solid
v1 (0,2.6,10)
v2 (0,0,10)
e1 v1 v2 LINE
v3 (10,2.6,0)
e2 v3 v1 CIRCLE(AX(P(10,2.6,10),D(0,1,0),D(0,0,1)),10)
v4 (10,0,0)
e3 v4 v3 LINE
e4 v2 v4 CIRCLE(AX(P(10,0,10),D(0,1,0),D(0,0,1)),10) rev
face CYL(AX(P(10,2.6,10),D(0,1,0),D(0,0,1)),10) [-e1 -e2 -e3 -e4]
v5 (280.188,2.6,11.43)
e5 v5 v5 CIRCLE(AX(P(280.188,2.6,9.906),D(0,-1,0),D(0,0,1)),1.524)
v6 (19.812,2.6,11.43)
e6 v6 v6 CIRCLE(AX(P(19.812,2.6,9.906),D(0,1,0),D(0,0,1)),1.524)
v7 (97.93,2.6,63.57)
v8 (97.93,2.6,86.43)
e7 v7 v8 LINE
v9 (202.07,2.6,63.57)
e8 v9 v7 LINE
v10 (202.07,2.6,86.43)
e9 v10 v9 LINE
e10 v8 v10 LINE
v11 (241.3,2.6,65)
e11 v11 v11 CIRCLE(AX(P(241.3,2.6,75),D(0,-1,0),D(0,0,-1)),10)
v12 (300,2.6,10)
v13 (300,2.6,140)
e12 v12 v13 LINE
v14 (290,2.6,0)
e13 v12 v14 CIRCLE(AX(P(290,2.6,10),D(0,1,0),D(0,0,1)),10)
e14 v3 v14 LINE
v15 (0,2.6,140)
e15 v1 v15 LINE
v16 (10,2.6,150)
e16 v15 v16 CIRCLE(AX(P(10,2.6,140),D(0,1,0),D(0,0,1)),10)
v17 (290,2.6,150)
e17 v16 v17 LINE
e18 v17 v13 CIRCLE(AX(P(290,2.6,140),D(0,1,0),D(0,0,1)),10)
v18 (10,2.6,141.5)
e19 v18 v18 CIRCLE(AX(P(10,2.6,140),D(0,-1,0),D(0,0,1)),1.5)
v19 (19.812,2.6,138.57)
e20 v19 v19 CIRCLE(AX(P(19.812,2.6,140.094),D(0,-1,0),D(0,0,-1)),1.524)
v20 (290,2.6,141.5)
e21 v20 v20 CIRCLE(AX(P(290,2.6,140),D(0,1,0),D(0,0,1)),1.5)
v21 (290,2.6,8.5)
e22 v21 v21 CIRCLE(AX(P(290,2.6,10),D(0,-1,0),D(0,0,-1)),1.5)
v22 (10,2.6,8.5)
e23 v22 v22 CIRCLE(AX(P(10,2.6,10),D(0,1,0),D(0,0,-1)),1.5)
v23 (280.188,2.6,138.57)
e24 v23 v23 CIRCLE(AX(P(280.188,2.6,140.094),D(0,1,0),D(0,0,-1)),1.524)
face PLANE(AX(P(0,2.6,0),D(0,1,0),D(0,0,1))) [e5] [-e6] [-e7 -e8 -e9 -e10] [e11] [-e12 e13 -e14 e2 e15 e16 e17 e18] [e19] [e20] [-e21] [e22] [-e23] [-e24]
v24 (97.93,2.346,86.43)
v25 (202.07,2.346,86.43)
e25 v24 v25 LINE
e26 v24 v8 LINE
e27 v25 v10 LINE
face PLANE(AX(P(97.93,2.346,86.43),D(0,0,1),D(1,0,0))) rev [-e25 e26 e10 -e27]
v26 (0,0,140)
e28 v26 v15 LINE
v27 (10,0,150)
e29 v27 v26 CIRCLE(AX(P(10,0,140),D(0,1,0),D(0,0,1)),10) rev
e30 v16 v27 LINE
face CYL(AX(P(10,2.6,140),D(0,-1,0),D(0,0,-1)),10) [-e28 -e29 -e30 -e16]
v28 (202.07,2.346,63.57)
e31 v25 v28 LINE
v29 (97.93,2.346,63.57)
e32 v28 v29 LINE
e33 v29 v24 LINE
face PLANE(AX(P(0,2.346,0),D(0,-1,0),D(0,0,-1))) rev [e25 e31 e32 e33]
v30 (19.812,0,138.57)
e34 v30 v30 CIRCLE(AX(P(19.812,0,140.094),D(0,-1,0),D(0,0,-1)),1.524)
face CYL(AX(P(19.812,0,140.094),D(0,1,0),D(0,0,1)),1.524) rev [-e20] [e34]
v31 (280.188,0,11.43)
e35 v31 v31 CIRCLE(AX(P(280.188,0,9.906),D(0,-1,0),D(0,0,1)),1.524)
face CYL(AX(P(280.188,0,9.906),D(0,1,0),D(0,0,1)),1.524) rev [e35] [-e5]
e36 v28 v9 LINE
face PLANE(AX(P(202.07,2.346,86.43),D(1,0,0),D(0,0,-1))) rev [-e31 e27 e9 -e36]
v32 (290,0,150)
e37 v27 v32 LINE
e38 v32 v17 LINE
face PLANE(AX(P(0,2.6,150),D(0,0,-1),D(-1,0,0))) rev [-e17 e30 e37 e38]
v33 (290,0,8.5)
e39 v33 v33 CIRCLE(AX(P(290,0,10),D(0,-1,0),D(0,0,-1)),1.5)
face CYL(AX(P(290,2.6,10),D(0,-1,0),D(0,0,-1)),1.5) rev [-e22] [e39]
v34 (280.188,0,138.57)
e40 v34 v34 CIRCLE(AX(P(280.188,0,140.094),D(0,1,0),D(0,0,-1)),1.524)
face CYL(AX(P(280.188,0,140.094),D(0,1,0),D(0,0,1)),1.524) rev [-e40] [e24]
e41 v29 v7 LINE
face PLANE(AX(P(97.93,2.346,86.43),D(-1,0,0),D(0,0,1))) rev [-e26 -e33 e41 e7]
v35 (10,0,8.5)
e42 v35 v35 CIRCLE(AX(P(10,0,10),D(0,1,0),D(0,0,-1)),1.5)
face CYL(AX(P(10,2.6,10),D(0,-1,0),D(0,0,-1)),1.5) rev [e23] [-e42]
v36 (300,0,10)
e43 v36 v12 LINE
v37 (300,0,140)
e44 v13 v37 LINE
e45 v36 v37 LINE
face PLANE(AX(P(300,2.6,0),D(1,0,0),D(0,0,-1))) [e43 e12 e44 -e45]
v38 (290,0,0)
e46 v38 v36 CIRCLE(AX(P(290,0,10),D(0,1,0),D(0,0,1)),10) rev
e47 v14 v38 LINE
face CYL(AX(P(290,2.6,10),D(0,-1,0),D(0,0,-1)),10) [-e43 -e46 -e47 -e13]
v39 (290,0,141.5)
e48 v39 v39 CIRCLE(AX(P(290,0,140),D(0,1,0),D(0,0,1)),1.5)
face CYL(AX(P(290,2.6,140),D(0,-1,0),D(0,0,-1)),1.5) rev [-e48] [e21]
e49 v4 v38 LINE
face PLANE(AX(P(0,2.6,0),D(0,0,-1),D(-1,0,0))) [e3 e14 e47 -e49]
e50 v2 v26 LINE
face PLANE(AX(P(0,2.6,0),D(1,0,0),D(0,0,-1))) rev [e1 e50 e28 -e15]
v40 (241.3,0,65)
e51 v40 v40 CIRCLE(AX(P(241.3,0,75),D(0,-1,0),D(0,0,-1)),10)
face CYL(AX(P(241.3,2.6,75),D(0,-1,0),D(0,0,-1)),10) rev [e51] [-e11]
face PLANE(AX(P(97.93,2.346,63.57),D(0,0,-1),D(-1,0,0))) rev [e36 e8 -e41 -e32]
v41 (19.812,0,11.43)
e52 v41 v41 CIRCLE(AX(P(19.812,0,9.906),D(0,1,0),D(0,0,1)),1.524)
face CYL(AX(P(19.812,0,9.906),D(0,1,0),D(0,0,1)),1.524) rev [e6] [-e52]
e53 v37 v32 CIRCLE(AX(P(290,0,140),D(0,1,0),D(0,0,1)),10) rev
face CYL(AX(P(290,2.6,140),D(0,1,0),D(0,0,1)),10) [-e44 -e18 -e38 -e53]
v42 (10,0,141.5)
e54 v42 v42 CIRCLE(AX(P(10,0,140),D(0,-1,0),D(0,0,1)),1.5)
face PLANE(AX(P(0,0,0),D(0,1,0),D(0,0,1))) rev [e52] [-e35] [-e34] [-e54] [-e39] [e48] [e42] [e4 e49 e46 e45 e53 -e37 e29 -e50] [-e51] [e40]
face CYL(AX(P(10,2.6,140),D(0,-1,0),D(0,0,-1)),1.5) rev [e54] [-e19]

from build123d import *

# Parameters (mm, degrees)
SKETCH1_W               = 300
SKETCH1_H               = 150
BOSS_EXTRUDE1_DEPTH     = 2.6
FILLET1_R               = 10
SKETCH6_R               = 1.5
CUT_EXTRUDE6_DEPTH      = 2.6
MIRROR6_COPY_1_SKETCH_R = 1.5
MIRROR6_COPY_1_DEPTH    = 2.6
SKETCH23_R              = 1.524
CUT_EXTRUDE16_DEPTH     = 2.59999988
MIRROR8_COPY_1_SKETCH_R = 1.524
MIRROR8_COPY_1_DEPTH    = 2.59999988
SKETCH15_R              = 10
CUT_EXTRUDE19_DEPTH     = 336.420273687
SKETCH25_W              = 104.14
SKETCH25_H              = 22.86
CUT_EXTRUDE20_DEPTH     = 0.254


with BuildPart() as part:
    # Sketch1 → Boss-Extrude1 (new body)
    with BuildSketch(Plane(origin=(0, 0, 0), x_dir=(1, 0, 0), z_dir=(0, 1, 0))):
        with Locations((150, -75)):
            Rectangle(SKETCH1_W, SKETCH1_H)
    extrude(amount=BOSS_EXTRUDE1_DEPTH)

    # Fillet1
    fillet1_edges = [part.edges().sort_by_distance(p)[0] for p in [
        (0, 1.3, 0),
        (300, 1.3, 0),
        (300, 1.3, 150),
        (0, 1.3, 150),
    ]]
    fillet(fillet1_edges, radius=FILLET1_R)

    # Sketch6 → Cut-Extrude6 (cut)
    with BuildSketch(Plane.XZ):
        with Locations(Location((290, 10, 0), (0, 0, 270))):
            Circle(SKETCH6_R)
    cut_extrude6 = extrude(amount=-CUT_EXTRUDE6_DEPTH, mode=Mode.SUBTRACT)

    # Mirror5: Cut-Extrude6 across plane
    add(cut_extrude6.mirror(Plane(origin=(150, 0, 0), x_dir=(0, 0, 1), z_dir=(1, 0, 0))), mode=Mode.SUBTRACT)

    # Mirror6: Cut-Extrude6 across plane
    add(cut_extrude6.mirror(Plane.XY.offset(75)), mode=Mode.SUBTRACT)

    # Mirror6 copy 1 sketch → Mirror6 copy 1 (cut)
    with BuildSketch(Plane(origin=(300, 0, 150), x_dir=(-1, 0, 0), z_dir=(0, -1, 0))):
        with Locations(Location((290, 10, 0), (0, 0, 270))):
            Circle(MIRROR6_COPY_1_SKETCH_R)
    extrude(amount=-MIRROR6_COPY_1_DEPTH, mode=Mode.SUBTRACT)

    # Sketch23 → Cut-Extrude16 (cut)
    with BuildSketch(Plane(origin=(0, 2.6, 0), x_dir=(1, 0, 0), z_dir=(0, 1, 0))):
        with Locations(Location((19.812, -9.906, 0), (0, 0, 270))):
            Circle(SKETCH23_R)
    cut_extrude16 = extrude(amount=-CUT_EXTRUDE16_DEPTH, mode=Mode.SUBTRACT)

    # Mirror7: Cut-Extrude16 across plane
    add(cut_extrude16.mirror(Plane(origin=(150, 0, 0), x_dir=(0, 0, 1), z_dir=(1, 0, 0))), mode=Mode.SUBTRACT)

    # Mirror8: Cut-Extrude16 across plane
    add(cut_extrude16.mirror(Plane.XY.offset(75)), mode=Mode.SUBTRACT)

    # Mirror8 copy 1 sketch → Mirror8 copy 1 (cut)
    with BuildSketch(Plane(origin=(300, 2.6, 150), x_dir=(-1, 0, 0), z_dir=(0, 1, 0))):
        with Locations(Location((19.812, -9.906, 0), (0, 0, 270))):
            Circle(MIRROR8_COPY_1_SKETCH_R)
    extrude(amount=-MIRROR8_COPY_1_DEPTH, mode=Mode.SUBTRACT)

    # Sketch15 → Cut-Extrude19 (cut, through all)
    with BuildSketch(Plane.XZ):
        with Locations(Location((241.3, 75, 0), (0, 0, 270))):
            Circle(SKETCH15_R)
    extrude(amount=-CUT_EXTRUDE19_DEPTH, mode=Mode.SUBTRACT)

    # Sketch25 → Cut-Extrude20 (cut)
    with BuildSketch(Plane(origin=(0, 2.6, 0), x_dir=(1, 0, 0), z_dir=(0, 1, 0))):
        with Locations((150, -75)):
            Rectangle(SKETCH25_W, SKETCH25_H)
    extrude(amount=-CUT_EXTRUDE20_DEPTH, mode=Mode.SUBTRACT)


solid = part.part
